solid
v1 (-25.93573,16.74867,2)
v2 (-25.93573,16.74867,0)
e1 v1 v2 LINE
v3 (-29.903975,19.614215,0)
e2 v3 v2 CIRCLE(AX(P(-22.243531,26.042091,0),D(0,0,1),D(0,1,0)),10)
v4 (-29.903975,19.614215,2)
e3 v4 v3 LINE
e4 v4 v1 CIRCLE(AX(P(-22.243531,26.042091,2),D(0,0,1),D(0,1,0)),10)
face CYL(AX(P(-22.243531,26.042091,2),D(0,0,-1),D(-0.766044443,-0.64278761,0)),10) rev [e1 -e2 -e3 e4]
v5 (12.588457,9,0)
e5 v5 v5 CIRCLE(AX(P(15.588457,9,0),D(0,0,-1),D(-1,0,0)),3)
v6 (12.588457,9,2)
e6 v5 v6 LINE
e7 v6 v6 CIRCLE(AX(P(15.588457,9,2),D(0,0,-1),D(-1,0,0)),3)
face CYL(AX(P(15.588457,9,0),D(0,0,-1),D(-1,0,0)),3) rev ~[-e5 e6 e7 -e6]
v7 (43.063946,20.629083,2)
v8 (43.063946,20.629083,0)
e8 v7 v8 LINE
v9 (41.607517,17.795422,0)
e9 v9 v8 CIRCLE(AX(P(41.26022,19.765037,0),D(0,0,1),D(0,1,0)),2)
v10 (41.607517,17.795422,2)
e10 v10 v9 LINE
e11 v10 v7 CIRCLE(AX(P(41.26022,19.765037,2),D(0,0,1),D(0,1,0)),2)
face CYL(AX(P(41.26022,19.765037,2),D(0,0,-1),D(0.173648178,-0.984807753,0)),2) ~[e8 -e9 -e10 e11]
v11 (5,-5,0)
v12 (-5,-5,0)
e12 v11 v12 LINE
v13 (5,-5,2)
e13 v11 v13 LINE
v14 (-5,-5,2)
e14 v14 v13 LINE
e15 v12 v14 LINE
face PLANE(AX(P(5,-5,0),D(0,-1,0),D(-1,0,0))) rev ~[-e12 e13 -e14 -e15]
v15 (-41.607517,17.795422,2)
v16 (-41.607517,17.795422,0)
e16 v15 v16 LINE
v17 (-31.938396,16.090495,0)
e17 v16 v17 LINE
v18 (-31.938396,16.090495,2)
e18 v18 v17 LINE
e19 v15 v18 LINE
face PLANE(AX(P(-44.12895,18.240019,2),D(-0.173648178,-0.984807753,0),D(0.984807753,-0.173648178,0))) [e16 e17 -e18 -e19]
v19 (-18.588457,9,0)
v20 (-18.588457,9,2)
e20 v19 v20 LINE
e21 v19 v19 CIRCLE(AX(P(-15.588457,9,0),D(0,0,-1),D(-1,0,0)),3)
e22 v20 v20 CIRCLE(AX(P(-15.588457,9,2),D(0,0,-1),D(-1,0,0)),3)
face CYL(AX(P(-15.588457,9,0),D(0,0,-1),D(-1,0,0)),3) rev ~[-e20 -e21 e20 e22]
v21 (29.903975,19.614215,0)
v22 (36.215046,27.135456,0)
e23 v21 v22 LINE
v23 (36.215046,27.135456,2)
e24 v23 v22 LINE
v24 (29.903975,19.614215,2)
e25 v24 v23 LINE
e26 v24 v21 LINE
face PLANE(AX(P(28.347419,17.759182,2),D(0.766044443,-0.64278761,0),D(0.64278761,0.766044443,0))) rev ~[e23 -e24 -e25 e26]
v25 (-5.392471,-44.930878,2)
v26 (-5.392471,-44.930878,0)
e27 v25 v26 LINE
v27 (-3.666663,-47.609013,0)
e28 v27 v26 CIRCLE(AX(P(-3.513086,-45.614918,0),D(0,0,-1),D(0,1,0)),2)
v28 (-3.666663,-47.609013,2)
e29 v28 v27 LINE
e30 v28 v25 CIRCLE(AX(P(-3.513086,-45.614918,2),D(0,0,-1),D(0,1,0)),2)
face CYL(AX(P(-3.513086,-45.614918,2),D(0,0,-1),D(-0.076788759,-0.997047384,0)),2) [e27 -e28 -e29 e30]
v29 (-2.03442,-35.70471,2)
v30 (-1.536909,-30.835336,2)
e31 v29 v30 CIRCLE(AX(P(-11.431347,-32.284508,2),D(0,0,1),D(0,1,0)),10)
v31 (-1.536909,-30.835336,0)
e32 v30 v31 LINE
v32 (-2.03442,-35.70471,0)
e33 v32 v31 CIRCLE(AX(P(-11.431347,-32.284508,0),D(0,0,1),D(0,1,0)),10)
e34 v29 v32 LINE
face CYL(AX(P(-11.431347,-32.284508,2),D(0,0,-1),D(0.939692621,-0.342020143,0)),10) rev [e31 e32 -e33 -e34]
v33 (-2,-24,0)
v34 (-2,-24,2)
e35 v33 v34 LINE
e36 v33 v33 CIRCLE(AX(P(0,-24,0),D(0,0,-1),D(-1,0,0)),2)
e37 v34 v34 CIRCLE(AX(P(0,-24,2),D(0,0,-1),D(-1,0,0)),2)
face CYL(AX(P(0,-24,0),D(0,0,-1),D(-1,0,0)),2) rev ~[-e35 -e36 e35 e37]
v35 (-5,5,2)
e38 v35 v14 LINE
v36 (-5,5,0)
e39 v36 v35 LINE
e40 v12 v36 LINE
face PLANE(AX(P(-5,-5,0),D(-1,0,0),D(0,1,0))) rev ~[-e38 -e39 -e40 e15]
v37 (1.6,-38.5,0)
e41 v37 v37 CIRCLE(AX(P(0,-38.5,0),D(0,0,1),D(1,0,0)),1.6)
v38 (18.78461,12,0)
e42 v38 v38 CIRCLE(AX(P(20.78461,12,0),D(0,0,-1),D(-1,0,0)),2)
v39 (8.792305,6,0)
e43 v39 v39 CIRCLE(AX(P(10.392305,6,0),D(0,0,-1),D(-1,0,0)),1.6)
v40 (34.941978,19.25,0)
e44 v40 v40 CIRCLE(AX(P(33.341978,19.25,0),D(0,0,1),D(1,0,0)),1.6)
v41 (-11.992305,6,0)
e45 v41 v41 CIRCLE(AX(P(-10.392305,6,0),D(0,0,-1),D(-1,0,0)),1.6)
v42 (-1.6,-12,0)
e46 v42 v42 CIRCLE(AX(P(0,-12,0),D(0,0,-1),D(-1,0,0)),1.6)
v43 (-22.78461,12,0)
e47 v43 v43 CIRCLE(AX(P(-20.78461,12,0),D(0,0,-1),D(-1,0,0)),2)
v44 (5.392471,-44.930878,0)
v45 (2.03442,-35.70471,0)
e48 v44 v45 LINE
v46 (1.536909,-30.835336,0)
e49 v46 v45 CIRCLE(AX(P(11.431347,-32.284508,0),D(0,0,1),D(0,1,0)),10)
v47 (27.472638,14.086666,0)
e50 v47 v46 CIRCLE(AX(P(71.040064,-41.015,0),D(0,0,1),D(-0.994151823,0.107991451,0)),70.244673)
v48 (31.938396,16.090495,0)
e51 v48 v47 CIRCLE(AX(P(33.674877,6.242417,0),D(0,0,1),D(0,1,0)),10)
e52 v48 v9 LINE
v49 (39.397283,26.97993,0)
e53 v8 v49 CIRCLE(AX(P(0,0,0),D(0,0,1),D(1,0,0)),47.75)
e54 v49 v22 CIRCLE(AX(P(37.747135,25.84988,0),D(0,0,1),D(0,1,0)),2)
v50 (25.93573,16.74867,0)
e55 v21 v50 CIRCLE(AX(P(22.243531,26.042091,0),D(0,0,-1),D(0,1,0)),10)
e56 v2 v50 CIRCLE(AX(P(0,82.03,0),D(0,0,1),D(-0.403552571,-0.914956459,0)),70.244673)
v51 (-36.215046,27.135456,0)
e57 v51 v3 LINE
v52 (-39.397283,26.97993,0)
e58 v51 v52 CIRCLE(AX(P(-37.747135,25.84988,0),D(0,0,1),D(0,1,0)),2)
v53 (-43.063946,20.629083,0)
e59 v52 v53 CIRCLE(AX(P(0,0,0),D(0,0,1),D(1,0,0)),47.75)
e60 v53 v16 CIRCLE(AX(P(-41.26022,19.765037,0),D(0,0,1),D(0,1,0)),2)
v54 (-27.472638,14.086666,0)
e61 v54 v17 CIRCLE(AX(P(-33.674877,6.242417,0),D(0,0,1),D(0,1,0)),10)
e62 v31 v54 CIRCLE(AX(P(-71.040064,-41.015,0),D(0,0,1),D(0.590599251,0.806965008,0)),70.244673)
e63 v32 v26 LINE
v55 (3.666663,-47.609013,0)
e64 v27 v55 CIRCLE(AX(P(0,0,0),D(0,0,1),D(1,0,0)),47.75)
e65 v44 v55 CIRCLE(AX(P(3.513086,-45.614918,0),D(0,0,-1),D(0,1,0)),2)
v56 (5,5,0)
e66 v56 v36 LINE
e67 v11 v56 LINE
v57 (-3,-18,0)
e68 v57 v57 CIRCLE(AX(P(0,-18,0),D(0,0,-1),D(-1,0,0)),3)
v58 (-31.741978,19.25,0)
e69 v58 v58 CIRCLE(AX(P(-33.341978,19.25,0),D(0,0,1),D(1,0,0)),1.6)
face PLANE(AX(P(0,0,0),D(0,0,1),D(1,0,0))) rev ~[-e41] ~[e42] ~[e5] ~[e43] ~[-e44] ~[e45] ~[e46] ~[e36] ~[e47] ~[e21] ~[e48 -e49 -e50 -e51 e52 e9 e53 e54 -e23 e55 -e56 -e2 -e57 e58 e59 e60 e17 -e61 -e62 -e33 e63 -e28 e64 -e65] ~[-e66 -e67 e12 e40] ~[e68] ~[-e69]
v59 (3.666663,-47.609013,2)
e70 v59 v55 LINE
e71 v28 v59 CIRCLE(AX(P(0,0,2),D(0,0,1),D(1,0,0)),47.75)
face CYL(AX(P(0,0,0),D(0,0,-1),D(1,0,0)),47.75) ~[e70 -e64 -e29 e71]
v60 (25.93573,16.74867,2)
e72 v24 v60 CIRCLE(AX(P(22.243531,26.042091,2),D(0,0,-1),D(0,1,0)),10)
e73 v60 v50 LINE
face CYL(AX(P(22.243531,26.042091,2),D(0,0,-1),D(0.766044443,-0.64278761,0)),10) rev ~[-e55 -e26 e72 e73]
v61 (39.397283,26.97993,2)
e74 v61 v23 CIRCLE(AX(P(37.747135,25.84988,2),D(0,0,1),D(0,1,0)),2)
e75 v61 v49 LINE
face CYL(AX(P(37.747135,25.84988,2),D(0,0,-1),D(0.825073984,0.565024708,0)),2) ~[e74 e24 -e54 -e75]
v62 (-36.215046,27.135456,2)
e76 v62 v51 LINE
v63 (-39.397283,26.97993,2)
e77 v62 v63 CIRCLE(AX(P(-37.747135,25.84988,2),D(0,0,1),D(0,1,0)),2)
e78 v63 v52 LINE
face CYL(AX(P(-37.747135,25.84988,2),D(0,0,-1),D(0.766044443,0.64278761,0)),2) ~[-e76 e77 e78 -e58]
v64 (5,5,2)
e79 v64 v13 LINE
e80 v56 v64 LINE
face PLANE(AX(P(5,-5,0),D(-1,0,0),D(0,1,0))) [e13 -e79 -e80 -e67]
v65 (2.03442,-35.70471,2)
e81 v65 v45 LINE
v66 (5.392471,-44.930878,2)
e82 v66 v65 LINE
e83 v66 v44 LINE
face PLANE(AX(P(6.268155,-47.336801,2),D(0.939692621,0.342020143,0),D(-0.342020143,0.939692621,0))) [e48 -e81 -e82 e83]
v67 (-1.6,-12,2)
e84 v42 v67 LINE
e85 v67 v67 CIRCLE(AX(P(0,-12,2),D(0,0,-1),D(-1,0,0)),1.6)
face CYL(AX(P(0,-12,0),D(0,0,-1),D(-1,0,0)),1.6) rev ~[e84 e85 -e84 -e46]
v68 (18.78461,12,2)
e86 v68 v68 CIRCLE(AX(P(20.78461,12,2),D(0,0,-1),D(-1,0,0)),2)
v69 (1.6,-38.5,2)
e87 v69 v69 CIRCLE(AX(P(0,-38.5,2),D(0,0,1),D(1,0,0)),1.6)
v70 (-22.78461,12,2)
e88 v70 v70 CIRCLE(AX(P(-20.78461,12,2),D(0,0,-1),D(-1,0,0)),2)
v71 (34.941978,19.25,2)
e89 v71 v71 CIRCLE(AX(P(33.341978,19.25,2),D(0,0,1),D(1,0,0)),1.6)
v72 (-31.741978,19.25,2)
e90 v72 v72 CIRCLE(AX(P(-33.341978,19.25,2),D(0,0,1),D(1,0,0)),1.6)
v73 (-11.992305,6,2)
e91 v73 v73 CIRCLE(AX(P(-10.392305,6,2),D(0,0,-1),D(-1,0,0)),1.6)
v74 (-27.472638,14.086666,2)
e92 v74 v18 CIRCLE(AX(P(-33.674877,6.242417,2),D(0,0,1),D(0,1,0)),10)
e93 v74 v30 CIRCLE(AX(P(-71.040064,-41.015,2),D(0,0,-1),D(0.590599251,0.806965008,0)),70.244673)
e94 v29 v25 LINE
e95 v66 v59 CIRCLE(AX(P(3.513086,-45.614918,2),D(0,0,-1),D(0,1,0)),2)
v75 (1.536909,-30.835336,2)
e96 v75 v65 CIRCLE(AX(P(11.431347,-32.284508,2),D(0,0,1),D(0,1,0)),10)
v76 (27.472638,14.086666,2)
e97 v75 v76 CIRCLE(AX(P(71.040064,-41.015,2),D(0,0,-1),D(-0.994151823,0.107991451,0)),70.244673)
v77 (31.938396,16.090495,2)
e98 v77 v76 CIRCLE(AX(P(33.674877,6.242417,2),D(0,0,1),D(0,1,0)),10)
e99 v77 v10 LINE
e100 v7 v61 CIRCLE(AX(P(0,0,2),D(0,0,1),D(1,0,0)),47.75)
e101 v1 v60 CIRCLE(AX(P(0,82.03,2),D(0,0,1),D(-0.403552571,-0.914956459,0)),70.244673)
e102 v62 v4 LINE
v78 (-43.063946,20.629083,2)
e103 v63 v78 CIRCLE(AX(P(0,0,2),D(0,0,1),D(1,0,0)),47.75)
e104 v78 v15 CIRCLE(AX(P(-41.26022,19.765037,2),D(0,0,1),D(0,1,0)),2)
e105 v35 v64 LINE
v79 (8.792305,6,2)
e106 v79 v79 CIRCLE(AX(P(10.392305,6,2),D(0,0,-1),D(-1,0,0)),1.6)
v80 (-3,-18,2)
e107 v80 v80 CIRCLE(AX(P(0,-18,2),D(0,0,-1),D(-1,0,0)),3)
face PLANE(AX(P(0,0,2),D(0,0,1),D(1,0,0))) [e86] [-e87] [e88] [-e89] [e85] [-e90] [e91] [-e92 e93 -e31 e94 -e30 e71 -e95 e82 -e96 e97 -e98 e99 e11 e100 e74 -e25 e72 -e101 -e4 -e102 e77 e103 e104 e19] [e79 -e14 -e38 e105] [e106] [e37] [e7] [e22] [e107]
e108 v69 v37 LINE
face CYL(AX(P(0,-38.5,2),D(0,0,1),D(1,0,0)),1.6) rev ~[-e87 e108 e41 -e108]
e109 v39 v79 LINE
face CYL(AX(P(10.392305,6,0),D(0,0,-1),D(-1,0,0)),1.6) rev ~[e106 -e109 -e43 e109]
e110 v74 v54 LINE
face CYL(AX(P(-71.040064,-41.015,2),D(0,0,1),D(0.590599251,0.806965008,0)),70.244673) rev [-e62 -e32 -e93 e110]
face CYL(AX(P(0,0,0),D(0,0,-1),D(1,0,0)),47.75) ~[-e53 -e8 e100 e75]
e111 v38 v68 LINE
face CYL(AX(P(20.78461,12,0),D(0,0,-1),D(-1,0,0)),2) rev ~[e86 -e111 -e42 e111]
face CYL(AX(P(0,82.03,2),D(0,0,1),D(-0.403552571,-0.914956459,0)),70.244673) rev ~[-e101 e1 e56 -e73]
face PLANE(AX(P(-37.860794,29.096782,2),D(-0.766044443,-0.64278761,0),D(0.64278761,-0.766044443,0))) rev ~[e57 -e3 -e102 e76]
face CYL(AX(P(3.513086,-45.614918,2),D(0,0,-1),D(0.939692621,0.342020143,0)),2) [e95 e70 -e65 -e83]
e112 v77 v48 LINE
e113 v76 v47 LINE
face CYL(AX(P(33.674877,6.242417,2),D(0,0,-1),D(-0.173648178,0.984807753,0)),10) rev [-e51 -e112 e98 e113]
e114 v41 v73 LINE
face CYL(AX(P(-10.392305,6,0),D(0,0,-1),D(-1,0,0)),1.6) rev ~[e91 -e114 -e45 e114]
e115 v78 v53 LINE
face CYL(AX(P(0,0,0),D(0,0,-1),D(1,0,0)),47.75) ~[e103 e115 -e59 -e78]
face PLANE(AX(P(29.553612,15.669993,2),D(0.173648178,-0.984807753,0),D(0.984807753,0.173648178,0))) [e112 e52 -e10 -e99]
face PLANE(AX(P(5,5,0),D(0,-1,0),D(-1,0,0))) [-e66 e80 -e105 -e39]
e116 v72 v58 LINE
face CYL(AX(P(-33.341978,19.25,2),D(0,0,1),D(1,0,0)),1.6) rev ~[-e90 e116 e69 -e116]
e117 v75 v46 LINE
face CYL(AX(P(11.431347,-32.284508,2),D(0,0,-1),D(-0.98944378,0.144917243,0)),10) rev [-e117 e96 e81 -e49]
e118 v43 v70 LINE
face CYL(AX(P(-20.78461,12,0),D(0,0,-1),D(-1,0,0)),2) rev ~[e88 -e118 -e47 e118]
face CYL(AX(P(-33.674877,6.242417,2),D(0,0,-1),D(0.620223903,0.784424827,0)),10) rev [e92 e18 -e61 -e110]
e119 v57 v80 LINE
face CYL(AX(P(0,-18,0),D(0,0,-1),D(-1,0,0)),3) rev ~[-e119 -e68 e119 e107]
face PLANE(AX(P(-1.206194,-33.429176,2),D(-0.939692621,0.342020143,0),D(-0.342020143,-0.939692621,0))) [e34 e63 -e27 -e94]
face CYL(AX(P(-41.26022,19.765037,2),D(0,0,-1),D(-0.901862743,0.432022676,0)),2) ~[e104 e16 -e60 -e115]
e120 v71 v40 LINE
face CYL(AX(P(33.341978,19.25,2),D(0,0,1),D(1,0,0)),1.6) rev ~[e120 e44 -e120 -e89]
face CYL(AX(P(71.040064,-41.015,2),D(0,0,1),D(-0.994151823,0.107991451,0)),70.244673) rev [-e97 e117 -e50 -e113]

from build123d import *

# Parameters (mm, degrees)
SKETCH_1_R          = 47.75
EXTRUDE_1_DEPTH     = 2
SKETCH_2_R          = 1.6
CUT_EXTRUDE_1_DEPTH = 68.558308149
FILLET_1_R          = 10
SKETCH_3_R          = 1.6
SKETCH_3_R_2        = 3
SKETCH_3_R_3        = 2
SKETCH_3_W          = 10
SKETCH_3_H          = 10
CUT_EXTRUDE_2_DEPTH = 66.049417533
FILLET_2_R          = 2


with BuildPart() as part:
    # ｽｹｯﾁ1 → ﾎﾞｽ - 押し出し1 (new body)
    with BuildSketch(Plane.XY):
        Circle(SKETCH_1_R)
    extrude(amount=EXTRUDE_1_DEPTH)

    # ｽｹｯﾁ2 → ｶｯﾄ - 押し出し1 (cut, through all)
    with BuildSketch(Plane.XY.offset(2)):
        with Locations((0, -38.5)):
            Circle(SKETCH_2_R)
        with Locations((-33.341978046, 19.25)):
            Circle(SKETCH_2_R)
        with Locations((33.341978046, 19.25)):
            Circle(SKETCH_2_R)
        with BuildLine():
            Line((-44.128949923, 18.240018604), (-29.553612406, 15.669993347))
            ThreePointArc((-29.553612406, 15.669993347), (-10.20639232, -5.892663354), (-1.206193887, -33.429175791))
            Line((-1.206193887, -33.429175791), (-6.268155485, -47.336800978))
            ThreePointArc((-6.268155485, -47.336800978), (-41.352713031, -23.875), (-44.128949923, 18.240018604))
        make_face()
        with BuildLine():
            Line((6.268155485, -47.336800978), (1.206193887, -33.429175791))
            ThreePointArc((1.206193887, -33.429175791), (10.20639232, -5.892663354), (29.553612406, 15.669993347))
            Line((29.553612406, 15.669993347), (44.128949923, 18.240018604))
            ThreePointArc((44.128949923, 18.240018604), (41.352713031, -23.875), (6.268155485, -47.336800978))
        make_face()
        with BuildLine():
            Line((-37.860794438, 29.096782374), (-28.347418519, 17.759182444))
            ThreePointArc((-28.347418519, 17.759182444), (0, 11.785326707), (28.347418519, 17.759182444))
            Line((28.347418519, 17.759182444), (37.860794438, 29.096782374))
            ThreePointArc((37.860794438, 29.096782374), (0, 47.75), (-37.860794438, 29.096782374))
        make_face()
    extrude(amount=-CUT_EXTRUDE_1_DEPTH, mode=Mode.SUBTRACT)

    # ﾌｨﾚｯﾄ1
    fillet_1_edges = [part.edges().sort_by_distance(p)[0] for p in [
        (1.206193887, -33.429175791, 1),
        (29.553612406, 15.669993347, 1),
        (28.347418519, 17.759182444, 1),
        (-28.347418519, 17.759182444, 1),
        (-29.553612406, 15.669993347, 1),
        (-1.206193887, -33.429175791, 1),
    ]]
    fillet(fillet_1_edges, radius=FILLET_1_R)

    # ｽｹｯﾁ3 → ｶｯﾄ - 押し出し2 (cut, through all)
    with BuildSketch(Plane(origin=(0, 0, 0), x_dir=(-1, 0, 0), z_dir=(0, 0, -1))):
        with Locations((-10.392304845, 6)):
            Circle(SKETCH_3_R)
        with Locations((0, -12)):
            Circle(SKETCH_3_R)
        with Locations((10.392304845, 6)):
            Circle(SKETCH_3_R)
        with Locations((0, -18)):
            Circle(SKETCH_3_R_2)
        with Locations((0, -24)):
            Circle(SKETCH_3_R_3)
        with Locations((-15.588457268, 9)):
            Circle(SKETCH_3_R_2)
        with Locations((-20.784609691, 12)):
            Circle(SKETCH_3_R_3)
        with Locations((15.588457268, 9)):
            Circle(SKETCH_3_R_2)
        with Locations((20.784609691, 12)):
            Circle(SKETCH_3_R_3)
        Rectangle(SKETCH_3_W, SKETCH_3_H)
    extrude(amount=-CUT_EXTRUDE_2_DEPTH, mode=Mode.SUBTRACT)

    # ﾌｨﾚｯﾄ2
    fillet_2_edges = [part.edges().sort_by_distance(p)[0] for p in [
        (44.128949923, 18.240018604, 1),
        (6.268155485, -47.336800978, 1),
        (-37.860794438, 29.096782374, 1),
        (37.860794438, 29.096782374, 1),
        (-6.268155485, -47.336800978, 1),
        (-44.128949923, 18.240018604, 1),
    ]]
    fillet(fillet_2_edges, radius=FILLET_2_R)


solid = part.part
